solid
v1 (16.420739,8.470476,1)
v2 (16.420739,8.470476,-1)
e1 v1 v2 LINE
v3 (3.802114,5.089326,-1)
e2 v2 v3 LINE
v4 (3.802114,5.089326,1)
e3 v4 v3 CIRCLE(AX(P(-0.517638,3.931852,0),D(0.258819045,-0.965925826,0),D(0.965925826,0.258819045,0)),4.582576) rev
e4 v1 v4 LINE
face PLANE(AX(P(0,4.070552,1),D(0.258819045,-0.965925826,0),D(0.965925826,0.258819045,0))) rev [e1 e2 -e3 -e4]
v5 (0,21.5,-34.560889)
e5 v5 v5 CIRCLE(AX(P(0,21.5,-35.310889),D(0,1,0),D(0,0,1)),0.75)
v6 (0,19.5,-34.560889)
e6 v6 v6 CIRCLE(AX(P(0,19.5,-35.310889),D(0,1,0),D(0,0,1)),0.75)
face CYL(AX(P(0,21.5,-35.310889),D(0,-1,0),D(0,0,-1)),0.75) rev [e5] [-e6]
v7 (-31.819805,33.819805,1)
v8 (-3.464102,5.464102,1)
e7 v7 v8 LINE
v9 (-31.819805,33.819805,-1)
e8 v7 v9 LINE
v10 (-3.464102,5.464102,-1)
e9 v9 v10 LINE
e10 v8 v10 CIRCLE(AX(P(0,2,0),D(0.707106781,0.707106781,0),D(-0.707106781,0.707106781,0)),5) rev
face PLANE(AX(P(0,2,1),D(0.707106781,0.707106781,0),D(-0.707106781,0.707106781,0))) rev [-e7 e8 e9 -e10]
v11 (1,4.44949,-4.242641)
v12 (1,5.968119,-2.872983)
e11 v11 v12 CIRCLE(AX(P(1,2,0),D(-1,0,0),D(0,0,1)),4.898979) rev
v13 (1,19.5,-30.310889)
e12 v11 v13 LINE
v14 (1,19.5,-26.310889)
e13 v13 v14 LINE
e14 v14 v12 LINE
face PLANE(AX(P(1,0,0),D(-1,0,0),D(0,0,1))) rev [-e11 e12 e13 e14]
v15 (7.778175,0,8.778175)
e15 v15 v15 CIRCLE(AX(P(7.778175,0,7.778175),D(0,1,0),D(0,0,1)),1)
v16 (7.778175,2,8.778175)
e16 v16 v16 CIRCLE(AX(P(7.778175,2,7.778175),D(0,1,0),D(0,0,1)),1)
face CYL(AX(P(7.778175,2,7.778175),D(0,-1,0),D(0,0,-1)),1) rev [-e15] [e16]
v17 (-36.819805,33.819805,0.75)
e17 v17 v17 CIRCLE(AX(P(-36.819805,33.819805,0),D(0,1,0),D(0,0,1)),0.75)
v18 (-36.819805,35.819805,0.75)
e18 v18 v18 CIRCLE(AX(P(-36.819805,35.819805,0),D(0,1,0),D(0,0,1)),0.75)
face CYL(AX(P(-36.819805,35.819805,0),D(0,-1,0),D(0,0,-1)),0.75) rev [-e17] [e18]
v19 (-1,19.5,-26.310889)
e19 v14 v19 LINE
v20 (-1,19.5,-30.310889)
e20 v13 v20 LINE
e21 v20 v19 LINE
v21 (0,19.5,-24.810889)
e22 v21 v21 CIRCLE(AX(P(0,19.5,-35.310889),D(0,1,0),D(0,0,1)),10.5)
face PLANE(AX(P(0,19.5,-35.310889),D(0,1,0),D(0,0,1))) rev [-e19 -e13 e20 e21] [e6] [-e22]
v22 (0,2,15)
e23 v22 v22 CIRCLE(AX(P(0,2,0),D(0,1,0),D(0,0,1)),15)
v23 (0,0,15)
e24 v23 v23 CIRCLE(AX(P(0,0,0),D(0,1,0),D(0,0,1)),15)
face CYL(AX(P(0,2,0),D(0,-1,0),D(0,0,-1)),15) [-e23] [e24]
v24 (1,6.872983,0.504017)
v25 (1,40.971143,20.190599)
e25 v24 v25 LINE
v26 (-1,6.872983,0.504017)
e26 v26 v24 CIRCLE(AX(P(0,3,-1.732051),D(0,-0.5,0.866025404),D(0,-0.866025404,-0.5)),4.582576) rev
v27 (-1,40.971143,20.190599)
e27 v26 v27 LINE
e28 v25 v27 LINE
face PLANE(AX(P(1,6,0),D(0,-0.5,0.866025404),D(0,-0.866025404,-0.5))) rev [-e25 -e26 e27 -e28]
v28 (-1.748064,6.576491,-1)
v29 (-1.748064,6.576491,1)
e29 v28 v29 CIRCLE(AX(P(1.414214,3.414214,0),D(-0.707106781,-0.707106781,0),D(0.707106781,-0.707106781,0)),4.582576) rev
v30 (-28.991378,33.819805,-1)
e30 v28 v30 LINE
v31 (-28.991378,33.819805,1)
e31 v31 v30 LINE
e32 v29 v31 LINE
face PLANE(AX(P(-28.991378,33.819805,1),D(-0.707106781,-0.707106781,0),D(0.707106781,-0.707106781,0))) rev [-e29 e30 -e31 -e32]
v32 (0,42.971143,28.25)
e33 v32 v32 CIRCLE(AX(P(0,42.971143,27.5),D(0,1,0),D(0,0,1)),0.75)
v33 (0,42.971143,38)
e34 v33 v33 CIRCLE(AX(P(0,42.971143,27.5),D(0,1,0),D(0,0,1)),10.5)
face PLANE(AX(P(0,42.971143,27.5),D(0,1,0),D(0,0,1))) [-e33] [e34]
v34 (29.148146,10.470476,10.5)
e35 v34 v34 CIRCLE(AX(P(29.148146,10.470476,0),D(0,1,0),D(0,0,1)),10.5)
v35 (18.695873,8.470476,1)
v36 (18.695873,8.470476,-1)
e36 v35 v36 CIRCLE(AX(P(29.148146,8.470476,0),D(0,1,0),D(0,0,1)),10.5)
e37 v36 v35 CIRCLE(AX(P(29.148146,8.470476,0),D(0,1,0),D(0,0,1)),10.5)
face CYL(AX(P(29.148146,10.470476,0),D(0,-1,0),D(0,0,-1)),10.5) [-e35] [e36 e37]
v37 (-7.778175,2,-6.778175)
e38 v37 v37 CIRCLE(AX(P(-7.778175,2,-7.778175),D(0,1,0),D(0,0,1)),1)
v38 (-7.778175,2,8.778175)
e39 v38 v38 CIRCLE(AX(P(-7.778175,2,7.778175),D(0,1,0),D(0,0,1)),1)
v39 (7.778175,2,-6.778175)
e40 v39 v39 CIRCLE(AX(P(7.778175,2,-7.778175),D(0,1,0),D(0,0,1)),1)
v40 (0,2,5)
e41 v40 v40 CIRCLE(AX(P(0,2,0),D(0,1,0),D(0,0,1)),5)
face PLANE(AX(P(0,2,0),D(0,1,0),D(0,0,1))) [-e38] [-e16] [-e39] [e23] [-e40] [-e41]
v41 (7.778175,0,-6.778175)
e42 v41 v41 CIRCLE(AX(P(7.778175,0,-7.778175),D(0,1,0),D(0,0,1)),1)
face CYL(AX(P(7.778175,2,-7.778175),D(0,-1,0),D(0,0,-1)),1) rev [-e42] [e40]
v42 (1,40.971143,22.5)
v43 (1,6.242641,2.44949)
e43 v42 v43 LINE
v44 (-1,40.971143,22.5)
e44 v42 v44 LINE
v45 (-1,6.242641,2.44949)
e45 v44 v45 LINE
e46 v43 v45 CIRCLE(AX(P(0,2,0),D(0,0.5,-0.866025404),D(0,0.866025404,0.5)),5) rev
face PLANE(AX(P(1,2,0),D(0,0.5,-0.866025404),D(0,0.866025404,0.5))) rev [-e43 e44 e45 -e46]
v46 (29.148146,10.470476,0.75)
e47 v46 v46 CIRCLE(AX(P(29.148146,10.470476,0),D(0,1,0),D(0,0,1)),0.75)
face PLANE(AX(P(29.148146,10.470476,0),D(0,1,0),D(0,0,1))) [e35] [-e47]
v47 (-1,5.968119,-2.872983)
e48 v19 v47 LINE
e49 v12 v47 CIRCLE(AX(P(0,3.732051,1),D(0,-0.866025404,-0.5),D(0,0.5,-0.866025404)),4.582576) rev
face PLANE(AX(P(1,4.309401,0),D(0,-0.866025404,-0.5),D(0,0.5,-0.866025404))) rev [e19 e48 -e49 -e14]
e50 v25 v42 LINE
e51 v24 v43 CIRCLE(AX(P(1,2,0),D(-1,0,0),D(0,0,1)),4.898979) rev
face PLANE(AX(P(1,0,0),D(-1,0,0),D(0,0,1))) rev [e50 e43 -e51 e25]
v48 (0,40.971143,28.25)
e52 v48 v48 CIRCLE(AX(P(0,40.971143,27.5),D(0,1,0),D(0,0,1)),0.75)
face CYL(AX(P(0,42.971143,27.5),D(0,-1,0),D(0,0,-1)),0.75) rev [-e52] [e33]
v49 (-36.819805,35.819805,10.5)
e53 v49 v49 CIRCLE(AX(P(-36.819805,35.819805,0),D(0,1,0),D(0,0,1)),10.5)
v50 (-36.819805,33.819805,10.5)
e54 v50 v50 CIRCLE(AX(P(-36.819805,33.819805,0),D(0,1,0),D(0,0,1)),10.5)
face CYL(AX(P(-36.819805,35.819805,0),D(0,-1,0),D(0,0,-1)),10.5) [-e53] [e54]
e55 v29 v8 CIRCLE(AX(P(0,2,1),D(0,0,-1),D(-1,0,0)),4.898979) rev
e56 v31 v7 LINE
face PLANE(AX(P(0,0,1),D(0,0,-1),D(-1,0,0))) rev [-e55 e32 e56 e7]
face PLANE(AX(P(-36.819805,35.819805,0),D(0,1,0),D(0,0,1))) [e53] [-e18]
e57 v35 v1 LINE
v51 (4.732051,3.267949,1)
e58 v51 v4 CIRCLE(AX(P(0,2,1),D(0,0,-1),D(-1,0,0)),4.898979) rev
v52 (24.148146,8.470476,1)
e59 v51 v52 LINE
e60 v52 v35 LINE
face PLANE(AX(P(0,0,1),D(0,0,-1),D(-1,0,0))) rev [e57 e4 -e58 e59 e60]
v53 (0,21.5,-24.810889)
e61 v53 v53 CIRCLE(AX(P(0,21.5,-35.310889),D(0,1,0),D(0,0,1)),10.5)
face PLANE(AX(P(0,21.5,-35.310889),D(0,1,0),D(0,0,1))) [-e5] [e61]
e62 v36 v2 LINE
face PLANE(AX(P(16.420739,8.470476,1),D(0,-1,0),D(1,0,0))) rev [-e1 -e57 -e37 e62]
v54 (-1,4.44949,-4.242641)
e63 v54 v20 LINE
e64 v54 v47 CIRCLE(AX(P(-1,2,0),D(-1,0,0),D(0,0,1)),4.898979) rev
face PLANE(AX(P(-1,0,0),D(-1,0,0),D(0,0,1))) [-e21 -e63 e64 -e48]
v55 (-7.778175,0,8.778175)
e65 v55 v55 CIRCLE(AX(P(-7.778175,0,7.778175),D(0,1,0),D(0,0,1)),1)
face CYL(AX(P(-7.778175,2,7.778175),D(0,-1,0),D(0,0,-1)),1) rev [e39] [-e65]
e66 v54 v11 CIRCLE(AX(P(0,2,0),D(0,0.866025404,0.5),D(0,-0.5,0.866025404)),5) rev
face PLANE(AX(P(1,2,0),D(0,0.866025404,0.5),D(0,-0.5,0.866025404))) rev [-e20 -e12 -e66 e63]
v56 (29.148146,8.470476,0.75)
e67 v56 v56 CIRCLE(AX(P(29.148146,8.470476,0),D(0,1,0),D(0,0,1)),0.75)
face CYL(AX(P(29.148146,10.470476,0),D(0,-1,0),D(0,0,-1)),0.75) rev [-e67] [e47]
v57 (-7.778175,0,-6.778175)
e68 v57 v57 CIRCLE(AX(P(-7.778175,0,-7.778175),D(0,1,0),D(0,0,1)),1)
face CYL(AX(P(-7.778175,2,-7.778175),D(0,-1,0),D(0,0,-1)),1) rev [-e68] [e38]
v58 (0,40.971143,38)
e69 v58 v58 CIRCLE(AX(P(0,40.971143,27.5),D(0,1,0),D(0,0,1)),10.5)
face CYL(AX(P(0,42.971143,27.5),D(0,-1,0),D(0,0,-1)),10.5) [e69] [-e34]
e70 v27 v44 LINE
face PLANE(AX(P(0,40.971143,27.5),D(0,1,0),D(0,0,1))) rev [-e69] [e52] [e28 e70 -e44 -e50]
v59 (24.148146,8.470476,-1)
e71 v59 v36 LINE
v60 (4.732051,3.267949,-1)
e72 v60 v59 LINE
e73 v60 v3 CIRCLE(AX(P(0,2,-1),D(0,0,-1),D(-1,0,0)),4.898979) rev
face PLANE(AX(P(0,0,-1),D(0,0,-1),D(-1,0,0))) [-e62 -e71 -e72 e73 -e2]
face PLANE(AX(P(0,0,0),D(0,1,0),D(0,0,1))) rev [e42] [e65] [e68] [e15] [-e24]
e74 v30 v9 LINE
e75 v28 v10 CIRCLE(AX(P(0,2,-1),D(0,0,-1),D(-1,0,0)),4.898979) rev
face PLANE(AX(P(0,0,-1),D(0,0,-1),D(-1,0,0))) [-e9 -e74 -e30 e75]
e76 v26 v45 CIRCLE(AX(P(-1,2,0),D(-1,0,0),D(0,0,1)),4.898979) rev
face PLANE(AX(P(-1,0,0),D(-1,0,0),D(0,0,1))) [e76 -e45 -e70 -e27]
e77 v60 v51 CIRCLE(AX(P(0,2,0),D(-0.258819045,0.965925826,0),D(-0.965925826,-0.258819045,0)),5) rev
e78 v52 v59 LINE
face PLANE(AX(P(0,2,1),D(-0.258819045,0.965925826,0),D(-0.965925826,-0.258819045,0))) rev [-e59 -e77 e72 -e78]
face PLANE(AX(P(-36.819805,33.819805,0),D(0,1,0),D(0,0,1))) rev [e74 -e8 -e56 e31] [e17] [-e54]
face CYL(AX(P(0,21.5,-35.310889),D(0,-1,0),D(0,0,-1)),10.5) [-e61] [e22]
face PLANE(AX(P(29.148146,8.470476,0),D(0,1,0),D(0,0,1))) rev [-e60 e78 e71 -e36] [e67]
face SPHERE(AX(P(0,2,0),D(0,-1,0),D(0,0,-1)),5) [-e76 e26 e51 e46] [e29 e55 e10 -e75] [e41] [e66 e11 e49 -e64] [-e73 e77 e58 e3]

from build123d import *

# Parameters (mm, degrees)
SKETCH_1_R      = 15
SKETCH_1_R_2    = 1
EXTRUDE_1_DEPTH = 2
EXTRUDE_2_DEPTH = 1
SKETCH_4_R      = 10.5
SKETCH_4_R_2    = 0.75
EXTRUDE_3_DEPTH = 2
SKETCH_5_R      = 10.5
SKETCH_5_R_2    = 0.75
EXTRUDE_4_DEPTH = 2
EXTRUDE_5_DEPTH = 1
SKETCH_7_R      = 10.5
SKETCH_7_R_2    = 0.75
EXTRUDE_6_DEPTH = 2
SKETCH_8_R      = 10.5
SKETCH_8_R_2    = 0.75
EXTRUDE_7_DEPTH = 2


with BuildPart() as part:
    # 草图1 → 凸台-拉伸1 (new body)
    with BuildSketch(Plane(origin=(0, 0, 0), x_dir=(1, 0, 0), z_dir=(0, 1, 0))):
        with Locations(Location((0, 0, 0), (0, 0, 270))):
            Circle(SKETCH_1_R)
        with Locations(Location((7.778174593, 7.778174593, 0), (0, 0, 270))):
            Circle(SKETCH_1_R_2, mode=Mode.SUBTRACT)
        with Locations(Location((-7.778174593, 7.778174593, 0), (0, 0, 270))):
            Circle(SKETCH_1_R_2, mode=Mode.SUBTRACT)
        with Locations(Location((-7.778174593, -7.778174593, 0), (0, 0, 270))):
            Circle(SKETCH_1_R_2, mode=Mode.SUBTRACT)
        with Locations(Location((7.778174593, -7.778174593, 0), (0, 0, 270))):
            Circle(SKETCH_1_R_2, mode=Mode.SUBTRACT)
    extrude(amount=EXTRUDE_1_DEPTH)

    # 草图2 → 旋转1 (revolve)
    with BuildSketch(Plane(origin=(0, 0, 0), x_dir=(0, 0, -1), z_dir=(1, 0, 0))):
        with BuildLine():
            Line((0, 2), (0, 7))
            ThreePointArc((0, 7), (3.535533906, 5.535533906), (5, 2))
            Line((5, 2), (0, 2))
        make_face()
    revolve(axis=Axis((0, 2, 0), (0, 1, 0)))

    # 草图3 → 凸台-拉伸2 (add, symmetric)
    with BuildSketch(Plane.XY):
        Polygon((0, 2), (24.148145657, 8.470476128), (16.420739047, 8.470476128), (0, 4.070552361), (0, 4.828427125), (-28.991378029, 33.819805153), (-31.819805153, 33.819805153), align=None)
    extrude(amount=EXTRUDE_2_DEPTH, both=True)

    # 草图4 → 凸台-拉伸3 (add)
    with BuildSketch(Plane(origin=(0, 8.470476128, 0), x_dir=(1, 0, 0), z_dir=(0, 1, 0))):
        with Locations(Location((29.148145657, 0, 0), (0, 0, 174.5349762))):
            Circle(SKETCH_4_R)
        with Locations(Location((29.148145657, 0, 0), (0, 0, 270))):
            Circle(SKETCH_4_R_2, mode=Mode.SUBTRACT)
    extrude(amount=EXTRUDE_3_DEPTH)

    # 草图5 → 凸台-拉伸4 (add)
    with BuildSketch(Plane(origin=(0, 33.819805153, 0), x_dir=(1, 0, 0), z_dir=(0, 1, 0))):
        with Locations(Location((-36.819805153, 0, 0), (0, 0, 270))):
            Circle(SKETCH_5_R)
        with Locations(Location((-36.819805153, 0, 0), (0, 0, 270))):
            Circle(SKETCH_5_R_2, mode=Mode.SUBTRACT)
    extrude(amount=EXTRUDE_4_DEPTH)

    # 草图6 → 凸台-拉伸5 (add, symmetric)
    with BuildSketch(Plane(origin=(0, 0, 0), x_dir=(0, 0, -1), z_dir=(1, 0, 0))):
        Polygon((0, 2), (30.310889132, 19.5), (26.310889132, 19.5), (0, 4.309401077), (0, 6), (-20.190598923, 40.97114317), (-22.5, 40.97114317), align=None)
    extrude(amount=EXTRUDE_5_DEPTH, both=True)

    # 草图7 → 凸台-拉伸6 (add)
    with BuildSketch(Plane(origin=(0, 19.5, 0), x_dir=(1, 0, 0), z_dir=(0, 1, 0))):
        with Locations(Location((0, 35.310889132, 0), (0, 0, 270))):
            Circle(SKETCH_7_R)
        with Locations(Location((0, 35.310889132, 0), (0, 0, 270))):
            Circle(SKETCH_7_R_2, mode=Mode.SUBTRACT)
    extrude(amount=EXTRUDE_6_DEPTH)

    # 草图8 → 凸台-拉伸7 (add)
    with BuildSketch(Plane(origin=(0, 40.97114317, 0), x_dir=(1, 0, 0), z_dir=(0, 1, 0))):
        with Locations(Location((0, -27.5, 0), (0, 0, 270))):
            Circle(SKETCH_8_R)
        with Locations(Location((0, -27.5, 0), (0, 0, 270))):
            Circle(SKETCH_8_R_2, mode=Mode.SUBTRACT)
    extrude(amount=EXTRUDE_7_DEPTH)


solid = part.part
